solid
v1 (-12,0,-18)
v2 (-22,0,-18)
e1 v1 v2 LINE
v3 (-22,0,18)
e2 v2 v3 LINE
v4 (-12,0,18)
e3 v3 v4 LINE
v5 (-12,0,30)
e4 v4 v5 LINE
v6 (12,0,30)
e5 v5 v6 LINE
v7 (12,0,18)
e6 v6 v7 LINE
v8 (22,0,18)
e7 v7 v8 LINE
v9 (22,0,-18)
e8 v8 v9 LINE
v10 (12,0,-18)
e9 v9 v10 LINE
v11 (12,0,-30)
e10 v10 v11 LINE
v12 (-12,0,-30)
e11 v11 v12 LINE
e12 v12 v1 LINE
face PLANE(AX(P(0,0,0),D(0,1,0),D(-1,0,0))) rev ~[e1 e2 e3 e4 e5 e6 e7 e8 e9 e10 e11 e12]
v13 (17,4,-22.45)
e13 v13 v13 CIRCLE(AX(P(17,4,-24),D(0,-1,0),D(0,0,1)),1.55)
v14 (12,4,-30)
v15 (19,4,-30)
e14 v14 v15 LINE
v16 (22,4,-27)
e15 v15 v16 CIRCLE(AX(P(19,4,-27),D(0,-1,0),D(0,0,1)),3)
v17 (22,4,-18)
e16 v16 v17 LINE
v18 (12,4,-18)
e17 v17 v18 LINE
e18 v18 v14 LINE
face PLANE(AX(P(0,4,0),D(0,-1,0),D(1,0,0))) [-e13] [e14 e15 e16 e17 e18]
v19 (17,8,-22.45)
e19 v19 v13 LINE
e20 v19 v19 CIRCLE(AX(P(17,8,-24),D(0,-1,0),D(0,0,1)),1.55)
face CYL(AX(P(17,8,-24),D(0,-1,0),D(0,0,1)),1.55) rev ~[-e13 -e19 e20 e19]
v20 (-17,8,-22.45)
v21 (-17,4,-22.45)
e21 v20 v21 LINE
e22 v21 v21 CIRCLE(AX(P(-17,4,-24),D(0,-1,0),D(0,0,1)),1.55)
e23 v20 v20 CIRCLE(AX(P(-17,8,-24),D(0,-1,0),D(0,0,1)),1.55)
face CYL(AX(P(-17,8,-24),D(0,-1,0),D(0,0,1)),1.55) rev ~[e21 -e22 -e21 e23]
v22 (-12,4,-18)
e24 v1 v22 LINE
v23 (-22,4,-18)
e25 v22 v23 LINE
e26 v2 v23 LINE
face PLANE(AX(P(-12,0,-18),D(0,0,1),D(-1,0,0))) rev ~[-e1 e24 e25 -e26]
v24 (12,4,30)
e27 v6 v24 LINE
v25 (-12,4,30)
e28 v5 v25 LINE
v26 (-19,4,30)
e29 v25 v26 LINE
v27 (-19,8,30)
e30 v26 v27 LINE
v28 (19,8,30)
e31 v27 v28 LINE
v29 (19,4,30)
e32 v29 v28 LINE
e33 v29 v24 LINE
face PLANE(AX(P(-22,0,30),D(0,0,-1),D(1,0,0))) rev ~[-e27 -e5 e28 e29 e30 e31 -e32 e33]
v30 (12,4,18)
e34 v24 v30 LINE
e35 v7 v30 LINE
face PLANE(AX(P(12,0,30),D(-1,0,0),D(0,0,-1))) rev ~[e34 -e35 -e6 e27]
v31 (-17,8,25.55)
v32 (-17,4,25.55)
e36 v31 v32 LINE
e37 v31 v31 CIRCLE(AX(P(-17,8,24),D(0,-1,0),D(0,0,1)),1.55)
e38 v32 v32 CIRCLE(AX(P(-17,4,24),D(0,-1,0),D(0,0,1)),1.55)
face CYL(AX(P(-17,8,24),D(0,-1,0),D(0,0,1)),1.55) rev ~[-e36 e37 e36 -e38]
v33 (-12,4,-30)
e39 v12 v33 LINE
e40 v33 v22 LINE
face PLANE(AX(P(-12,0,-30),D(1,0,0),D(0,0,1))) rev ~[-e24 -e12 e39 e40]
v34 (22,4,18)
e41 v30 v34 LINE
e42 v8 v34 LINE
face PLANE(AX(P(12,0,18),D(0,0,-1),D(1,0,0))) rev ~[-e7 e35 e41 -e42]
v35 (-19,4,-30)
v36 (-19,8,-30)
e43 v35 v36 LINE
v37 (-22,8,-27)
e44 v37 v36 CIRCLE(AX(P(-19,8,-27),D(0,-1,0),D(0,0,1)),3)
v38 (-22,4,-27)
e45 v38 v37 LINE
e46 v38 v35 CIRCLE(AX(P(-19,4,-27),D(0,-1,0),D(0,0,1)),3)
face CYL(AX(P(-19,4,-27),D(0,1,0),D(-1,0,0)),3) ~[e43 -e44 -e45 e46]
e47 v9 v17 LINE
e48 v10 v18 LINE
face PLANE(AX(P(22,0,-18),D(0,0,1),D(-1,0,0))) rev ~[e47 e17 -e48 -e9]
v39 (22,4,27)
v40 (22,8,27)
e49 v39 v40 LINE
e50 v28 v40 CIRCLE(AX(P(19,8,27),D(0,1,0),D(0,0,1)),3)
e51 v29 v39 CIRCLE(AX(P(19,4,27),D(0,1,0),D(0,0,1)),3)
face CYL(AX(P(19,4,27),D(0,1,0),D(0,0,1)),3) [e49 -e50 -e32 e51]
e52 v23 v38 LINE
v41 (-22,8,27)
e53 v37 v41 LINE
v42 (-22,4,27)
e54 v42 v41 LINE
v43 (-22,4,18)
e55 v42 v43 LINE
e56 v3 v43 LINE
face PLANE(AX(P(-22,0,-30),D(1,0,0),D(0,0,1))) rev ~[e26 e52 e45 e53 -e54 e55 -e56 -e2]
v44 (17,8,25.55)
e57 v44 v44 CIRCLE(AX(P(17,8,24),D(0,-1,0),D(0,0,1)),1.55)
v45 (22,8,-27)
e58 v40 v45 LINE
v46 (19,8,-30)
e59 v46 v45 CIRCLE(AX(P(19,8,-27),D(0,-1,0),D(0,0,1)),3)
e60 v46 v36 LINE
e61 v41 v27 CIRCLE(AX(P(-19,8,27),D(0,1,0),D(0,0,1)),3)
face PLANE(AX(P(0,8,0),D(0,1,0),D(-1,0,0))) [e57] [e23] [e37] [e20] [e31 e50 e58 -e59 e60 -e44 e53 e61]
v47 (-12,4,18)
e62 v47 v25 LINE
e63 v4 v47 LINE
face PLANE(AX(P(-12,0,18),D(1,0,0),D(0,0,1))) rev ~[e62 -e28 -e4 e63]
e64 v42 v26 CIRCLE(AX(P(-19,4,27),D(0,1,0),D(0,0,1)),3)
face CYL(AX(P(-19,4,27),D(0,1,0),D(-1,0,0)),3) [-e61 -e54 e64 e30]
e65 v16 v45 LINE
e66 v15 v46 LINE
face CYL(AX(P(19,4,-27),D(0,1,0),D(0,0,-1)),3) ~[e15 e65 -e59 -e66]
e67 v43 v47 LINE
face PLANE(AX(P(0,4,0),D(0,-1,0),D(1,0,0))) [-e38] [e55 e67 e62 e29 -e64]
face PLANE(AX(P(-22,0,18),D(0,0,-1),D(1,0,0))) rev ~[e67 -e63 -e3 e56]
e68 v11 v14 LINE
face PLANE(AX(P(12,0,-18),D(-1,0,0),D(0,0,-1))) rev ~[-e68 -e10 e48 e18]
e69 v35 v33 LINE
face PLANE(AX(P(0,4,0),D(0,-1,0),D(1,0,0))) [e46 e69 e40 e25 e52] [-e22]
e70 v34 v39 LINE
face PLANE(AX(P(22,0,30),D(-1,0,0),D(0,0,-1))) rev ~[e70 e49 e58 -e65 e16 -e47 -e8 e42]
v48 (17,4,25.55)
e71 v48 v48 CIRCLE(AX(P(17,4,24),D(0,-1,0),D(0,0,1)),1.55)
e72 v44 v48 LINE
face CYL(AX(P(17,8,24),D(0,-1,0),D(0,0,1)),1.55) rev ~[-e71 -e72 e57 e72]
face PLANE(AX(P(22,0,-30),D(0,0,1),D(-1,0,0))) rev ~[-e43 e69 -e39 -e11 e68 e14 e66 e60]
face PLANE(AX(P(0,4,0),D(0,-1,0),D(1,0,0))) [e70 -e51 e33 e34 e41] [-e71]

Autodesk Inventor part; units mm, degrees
ref_plane "YZ Plane" through (0, 0, 0) normal (1, 0, 0) x (0, 1, 0)
ref_plane "XZ Plane" through (0, 0, 0) normal (0, 1, 0) x (-1, 0, 0)
ref_plane "XY Plane" through (0, 0, 0) normal (0, 0, 1) x (1, 0, 0)
sketch "Sketch1" plane through (0, 0, 0) normal (0, 1, 0) x (-1, 0, 0)
  line L0 (22, 30) -> (-22, 30)
  line L1 (-22, 30) -> (-22, -30)
  line L2 (-22, -30) -> (22, -30)
  line L3 (22, -30) -> (22, 30)
  line L4 (22, 30) -> (-22, -30) construction
  line L5 (-22, 30) -> (22, -30) construction
  point P0 (0, 0)
  dimension "d0" = 44
  dimension "d1" = 60
extrude "Extrusion1" add sketch "Sketch1" along normal blind 8
sketch "Sketch4" plane through (0, 8, 0) normal (0, 1, 0) x (1, 0, 0)
  circle A0 centre (-17, -24) radius 1.55
  circle A1 centre (17, 24) radius 1.55
  circle A2 centre (17, -24) radius 1.55
  circle A3 centre (-17, 24) radius 1.55
  point P0 (0, 0)
  dimension "d6" = 3.1
  dimension "d7" = 3.1
  dimension "d8" = 3.1
  dimension "d9" = 3.1
  dimension "d10" = 17
  dimension "d11" = 24
  dimension "d12" = 17
  dimension "d13" = 17
  dimension "d14" = 17
  dimension "d15" = 24
  dimension "d16" = 24
  dimension "d17" = 24
hole "Hole1" at (-17, 8, 24) at (-17, 8, -24) at (17, 8, -24) at (17, 8, 24) direction (0, -1, 0) diameter 3.1 depth 8 tip angle 118
sketch "Sketch5" plane through (0, 0, 0) normal (0, -1, 0) x (1, 0, 0)
  line L0 (-12, -18) -> (-22, -18)
  line L1 (-22, -18) -> (-22, -30)
  line L2 (-22, -30) -> (-12, -30)
  line L3 (-12, -30) -> (-12, -18)
  line L4 (22, -18) -> (12, -18)
  line L5 (12, -18) -> (12, -30)
  line L6 (12, -30) -> (22, -30)
  line L7 (22, -30) -> (22, -18)
  line L8 (22, 30) -> (12, 30)
  line L9 (12, 30) -> (12, 18)
  line L10 (12, 18) -> (22, 18)
  line L11 (22, 18) -> (22, 30)
  line L12 (-12, 30) -> (-22, 30)
  line L13 (-22, 30) -> (-22, 18)
  line L14 (-22, 18) -> (-12, 18)
  line L15 (-12, 18) -> (-12, 30)
  line L16 (-22, -30) -> (-22, 30) projected
  line L17 (22, -30) -> (-22, -30) projected
  line L18 (22, 30) -> (22, -30) projected
  line L19 (-22, 30) -> (22, 30) projected
  point P0 (0, 0)
  dimension "d25" = 10
  dimension "d26" = 12
  dimension "d27" = 10
  dimension "d28" = 12
  dimension "d29" = 10
  dimension "d30" = 12
  dimension "d31" = 10
  dimension "d32" = 12
extrude "Extrusion2" cut sketch "Sketch5" against normal blind 4 contours L3 L2 L1 L0 | L13 L12 L15 L14 | L5 L4 L7 L6 | L8 L11 L10 L9
fillet "Fillet1" radius 3 4 edges at (22, 6, -30) (-22, 6, -30) (22, 6, 30) (-22, 6, 30)
equation "\"d12\" = d10"
equation "\"d13\" = d10"
equation "\"d14\" = d10"
equation "\"d15\" = d11"
equation "\"d16\" = d11"
equation "\"d17\" = d11"
equation "\"d27\" = d25"
equation "\"d28\" = d26"
equation "\"d29\" = d25"
equation "\"d30\" = d26"
equation "\"d31\" = d25"
equation "\"d32\" = d26"
properties part number "motor_driver_support"
